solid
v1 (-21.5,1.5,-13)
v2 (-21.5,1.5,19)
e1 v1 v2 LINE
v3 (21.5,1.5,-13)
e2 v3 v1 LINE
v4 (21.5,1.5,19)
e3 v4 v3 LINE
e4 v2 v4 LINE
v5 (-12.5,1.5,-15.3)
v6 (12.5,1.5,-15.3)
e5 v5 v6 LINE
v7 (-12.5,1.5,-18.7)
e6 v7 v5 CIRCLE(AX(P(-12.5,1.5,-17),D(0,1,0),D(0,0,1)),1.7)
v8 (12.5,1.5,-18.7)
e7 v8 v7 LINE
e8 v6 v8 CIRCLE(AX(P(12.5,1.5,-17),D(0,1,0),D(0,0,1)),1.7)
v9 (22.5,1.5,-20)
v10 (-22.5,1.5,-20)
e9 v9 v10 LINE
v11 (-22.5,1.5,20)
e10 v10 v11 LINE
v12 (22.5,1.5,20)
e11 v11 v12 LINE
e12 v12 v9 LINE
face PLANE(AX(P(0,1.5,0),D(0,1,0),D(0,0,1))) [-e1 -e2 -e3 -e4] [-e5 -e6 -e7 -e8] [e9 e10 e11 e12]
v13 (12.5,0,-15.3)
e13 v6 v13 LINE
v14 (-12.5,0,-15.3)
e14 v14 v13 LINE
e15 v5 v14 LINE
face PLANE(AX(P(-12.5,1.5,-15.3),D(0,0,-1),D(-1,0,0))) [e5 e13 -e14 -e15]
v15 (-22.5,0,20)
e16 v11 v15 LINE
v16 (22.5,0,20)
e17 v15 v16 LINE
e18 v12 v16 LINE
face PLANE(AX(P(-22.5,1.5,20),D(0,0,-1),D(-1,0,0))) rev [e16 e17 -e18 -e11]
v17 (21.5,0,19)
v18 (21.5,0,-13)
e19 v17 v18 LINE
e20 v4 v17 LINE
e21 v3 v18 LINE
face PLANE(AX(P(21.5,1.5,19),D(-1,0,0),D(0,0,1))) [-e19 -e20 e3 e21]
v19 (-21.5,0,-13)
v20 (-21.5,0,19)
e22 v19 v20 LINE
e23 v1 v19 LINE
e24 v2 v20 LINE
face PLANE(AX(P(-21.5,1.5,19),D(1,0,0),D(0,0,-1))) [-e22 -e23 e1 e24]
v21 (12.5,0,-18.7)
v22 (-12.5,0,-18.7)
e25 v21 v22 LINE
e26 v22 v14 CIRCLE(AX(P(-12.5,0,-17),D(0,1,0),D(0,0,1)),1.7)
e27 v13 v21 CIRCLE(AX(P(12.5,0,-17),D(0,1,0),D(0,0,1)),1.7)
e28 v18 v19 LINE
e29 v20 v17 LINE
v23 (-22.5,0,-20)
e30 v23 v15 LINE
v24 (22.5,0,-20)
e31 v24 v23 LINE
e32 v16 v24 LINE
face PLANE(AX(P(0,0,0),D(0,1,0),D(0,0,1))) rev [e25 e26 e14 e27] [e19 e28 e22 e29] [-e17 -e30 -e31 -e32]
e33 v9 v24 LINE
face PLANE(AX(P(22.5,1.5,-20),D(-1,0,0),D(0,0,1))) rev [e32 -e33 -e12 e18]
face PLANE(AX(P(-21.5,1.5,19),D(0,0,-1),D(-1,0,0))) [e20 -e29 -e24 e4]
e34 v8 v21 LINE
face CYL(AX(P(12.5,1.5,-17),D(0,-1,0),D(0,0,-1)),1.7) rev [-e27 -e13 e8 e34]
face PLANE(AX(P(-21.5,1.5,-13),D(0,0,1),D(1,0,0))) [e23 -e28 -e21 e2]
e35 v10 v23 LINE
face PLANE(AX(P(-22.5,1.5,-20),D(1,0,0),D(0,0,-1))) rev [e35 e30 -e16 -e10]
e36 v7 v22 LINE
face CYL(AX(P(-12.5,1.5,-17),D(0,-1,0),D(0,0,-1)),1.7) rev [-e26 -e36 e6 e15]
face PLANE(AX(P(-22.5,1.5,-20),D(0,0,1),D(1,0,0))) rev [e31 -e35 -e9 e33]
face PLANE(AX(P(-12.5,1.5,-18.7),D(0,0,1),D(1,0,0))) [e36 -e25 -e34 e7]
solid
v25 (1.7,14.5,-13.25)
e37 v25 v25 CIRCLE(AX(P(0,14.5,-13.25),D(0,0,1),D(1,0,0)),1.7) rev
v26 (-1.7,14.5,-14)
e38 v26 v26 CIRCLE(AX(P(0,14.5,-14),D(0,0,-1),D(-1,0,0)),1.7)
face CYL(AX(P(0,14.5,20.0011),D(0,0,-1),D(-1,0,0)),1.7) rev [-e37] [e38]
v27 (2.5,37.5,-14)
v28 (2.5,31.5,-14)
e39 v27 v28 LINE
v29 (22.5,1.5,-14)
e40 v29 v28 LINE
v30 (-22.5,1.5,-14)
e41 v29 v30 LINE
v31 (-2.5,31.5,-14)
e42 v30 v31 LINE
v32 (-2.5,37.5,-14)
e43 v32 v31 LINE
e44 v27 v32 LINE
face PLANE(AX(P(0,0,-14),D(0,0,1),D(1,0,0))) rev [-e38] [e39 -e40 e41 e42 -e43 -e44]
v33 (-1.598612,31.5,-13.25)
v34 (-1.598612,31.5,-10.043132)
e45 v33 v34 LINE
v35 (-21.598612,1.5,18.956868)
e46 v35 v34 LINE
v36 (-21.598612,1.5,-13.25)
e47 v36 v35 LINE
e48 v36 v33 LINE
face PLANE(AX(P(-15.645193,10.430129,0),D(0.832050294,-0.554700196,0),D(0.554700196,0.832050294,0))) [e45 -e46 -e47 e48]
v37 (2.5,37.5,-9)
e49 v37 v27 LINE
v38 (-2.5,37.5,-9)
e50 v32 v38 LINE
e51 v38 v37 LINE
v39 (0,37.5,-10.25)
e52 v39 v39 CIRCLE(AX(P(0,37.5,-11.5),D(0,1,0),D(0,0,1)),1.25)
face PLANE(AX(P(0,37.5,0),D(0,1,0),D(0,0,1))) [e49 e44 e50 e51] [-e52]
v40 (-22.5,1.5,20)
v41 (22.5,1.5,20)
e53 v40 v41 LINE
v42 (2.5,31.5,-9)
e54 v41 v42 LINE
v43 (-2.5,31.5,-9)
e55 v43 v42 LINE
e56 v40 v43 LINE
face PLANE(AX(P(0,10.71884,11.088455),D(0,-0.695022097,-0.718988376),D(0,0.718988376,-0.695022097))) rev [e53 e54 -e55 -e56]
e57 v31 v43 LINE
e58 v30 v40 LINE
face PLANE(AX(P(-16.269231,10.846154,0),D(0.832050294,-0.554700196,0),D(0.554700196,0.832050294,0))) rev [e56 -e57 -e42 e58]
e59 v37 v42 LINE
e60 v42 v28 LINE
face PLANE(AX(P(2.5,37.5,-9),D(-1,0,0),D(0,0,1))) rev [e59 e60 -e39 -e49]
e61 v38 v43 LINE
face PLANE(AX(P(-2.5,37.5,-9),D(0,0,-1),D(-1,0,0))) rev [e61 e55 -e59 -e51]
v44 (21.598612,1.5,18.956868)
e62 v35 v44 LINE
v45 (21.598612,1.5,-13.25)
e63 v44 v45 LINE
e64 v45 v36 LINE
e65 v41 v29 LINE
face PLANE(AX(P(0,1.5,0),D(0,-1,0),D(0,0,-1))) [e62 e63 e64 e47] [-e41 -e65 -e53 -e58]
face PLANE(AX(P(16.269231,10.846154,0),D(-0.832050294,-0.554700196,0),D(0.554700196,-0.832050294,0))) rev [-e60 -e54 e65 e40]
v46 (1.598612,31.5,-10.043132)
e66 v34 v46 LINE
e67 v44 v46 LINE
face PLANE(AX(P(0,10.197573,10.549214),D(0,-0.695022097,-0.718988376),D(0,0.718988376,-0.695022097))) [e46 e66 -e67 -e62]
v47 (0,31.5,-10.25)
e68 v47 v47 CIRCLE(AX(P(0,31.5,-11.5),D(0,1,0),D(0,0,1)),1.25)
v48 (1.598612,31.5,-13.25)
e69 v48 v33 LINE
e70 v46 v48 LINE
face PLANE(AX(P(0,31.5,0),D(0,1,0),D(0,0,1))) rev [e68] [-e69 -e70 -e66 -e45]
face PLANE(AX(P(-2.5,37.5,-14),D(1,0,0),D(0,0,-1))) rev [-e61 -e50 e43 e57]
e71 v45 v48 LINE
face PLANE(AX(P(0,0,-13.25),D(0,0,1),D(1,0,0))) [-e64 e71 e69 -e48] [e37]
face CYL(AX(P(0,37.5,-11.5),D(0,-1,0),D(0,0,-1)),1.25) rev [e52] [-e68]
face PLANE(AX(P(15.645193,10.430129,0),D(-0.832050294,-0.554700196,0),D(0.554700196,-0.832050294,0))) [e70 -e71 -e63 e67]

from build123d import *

# Parameters (mm, degrees)
SKETCH1_W           = 45
SKETCH1_H           = 40
SKETCH1_W_2         = 43
SKETCH1_H_2         = 32
BOSS_EXTRUDE1_DEPTH = 1.5
SHELL3_T            = -0.75
SKETCH7_W           = 5
SKETCH7_H           = 5
SKETCH7_R           = 1.25
BOSS_EXTRUDE2_DEPTH = 6
SKETCH8_R           = 1.7
CUT_EXTRUDE1_DEPTH  = 0.75


with BuildPart() as part:
    # Sketch1 → Boss-Extrude1 (new body)
    with BuildSketch(Plane(origin=(0, 0, 0), x_dir=(1, 0, 0), z_dir=(0, 1, 0))):
        Rectangle(SKETCH1_W, SKETCH1_H)
        with Locations((0, -3)):
            Rectangle(SKETCH1_W_2, SKETCH1_H_2, mode=Mode.SUBTRACT)
        with BuildLine():
            Line((-12.5, 18.7), (12.5, 18.7))
            ThreePointArc((12.5, 18.7), (14.2, 17), (12.5, 15.3))
            Line((12.5, 15.3), (-12.5, 15.3))
            ThreePointArc((-12.5, 15.3), (-14.2, 17), (-12.5, 18.7))
        make_face(mode=Mode.SUBTRACT)
    extrude(amount=BOSS_EXTRUDE1_DEPTH)


with BuildPart() as body_2:
    # Sketch5 → Loft3 section 0
    with BuildSketch(Plane(origin=(0, 1.5, 0), x_dir=(1, 0, 0), z_dir=(0, 1, 0))):
        with BuildLine():
            Line((-22.5, -20), (22.5, -20))
            Line((22.5, -20), (22.5, 14))
            Line((22.5, 14), (-22.5, 14))
            Line((-22.5, 14), (-22.5, -20))
        make_face()
    # Sketch6 → Loft3 section 1
    with BuildSketch(Plane(origin=(0, 31.5, 0), x_dir=(1, 0, 0), z_dir=(0, 1, 0))):
        with BuildLine():
            Line((-2.5, 9), (2.5, 9))
            Line((2.5, 9), (2.5, 14))
            Line((2.5, 14), (-2.5, 14))
            Line((-2.5, 14), (-2.5, 9))
        make_face()
    loft()

    # Shell3
    shell3_openings = [body_2.faces().sort_by_distance(p)[0] for p in [
        (0, 31.5, -11.5),
        (0, 1.5, 3),
    ]]
    offset(amount=SHELL3_T, openings=shell3_openings, kind=Kind.INTERSECTION)

    # Sketch7 → Boss-Extrude2 (add)
    with BuildSketch(Plane(origin=(0, 31.5, 0), x_dir=(1, 0, 0), z_dir=(0, 1, 0))):
        with Locations((0, 11.5)):
            Rectangle(SKETCH7_W, SKETCH7_H)
        with Locations(Location((0, 11.5, 0), (0, 0, 270))):
            Circle(SKETCH7_R, mode=Mode.SUBTRACT)
    extrude(amount=BOSS_EXTRUDE2_DEPTH)

    # Sketch8 → Cut-Extrude1 (cut)
    with BuildSketch(Plane(origin=(0, 0, -14), x_dir=(-1, 0, 0), z_dir=(0, 0, -1))):
        with Locations((0, 14.5)):
            Circle(SKETCH8_R)
    extrude(amount=-CUT_EXTRUDE1_DEPTH, mode=Mode.SUBTRACT)


solid = Compound([part.part, body_2.part])
